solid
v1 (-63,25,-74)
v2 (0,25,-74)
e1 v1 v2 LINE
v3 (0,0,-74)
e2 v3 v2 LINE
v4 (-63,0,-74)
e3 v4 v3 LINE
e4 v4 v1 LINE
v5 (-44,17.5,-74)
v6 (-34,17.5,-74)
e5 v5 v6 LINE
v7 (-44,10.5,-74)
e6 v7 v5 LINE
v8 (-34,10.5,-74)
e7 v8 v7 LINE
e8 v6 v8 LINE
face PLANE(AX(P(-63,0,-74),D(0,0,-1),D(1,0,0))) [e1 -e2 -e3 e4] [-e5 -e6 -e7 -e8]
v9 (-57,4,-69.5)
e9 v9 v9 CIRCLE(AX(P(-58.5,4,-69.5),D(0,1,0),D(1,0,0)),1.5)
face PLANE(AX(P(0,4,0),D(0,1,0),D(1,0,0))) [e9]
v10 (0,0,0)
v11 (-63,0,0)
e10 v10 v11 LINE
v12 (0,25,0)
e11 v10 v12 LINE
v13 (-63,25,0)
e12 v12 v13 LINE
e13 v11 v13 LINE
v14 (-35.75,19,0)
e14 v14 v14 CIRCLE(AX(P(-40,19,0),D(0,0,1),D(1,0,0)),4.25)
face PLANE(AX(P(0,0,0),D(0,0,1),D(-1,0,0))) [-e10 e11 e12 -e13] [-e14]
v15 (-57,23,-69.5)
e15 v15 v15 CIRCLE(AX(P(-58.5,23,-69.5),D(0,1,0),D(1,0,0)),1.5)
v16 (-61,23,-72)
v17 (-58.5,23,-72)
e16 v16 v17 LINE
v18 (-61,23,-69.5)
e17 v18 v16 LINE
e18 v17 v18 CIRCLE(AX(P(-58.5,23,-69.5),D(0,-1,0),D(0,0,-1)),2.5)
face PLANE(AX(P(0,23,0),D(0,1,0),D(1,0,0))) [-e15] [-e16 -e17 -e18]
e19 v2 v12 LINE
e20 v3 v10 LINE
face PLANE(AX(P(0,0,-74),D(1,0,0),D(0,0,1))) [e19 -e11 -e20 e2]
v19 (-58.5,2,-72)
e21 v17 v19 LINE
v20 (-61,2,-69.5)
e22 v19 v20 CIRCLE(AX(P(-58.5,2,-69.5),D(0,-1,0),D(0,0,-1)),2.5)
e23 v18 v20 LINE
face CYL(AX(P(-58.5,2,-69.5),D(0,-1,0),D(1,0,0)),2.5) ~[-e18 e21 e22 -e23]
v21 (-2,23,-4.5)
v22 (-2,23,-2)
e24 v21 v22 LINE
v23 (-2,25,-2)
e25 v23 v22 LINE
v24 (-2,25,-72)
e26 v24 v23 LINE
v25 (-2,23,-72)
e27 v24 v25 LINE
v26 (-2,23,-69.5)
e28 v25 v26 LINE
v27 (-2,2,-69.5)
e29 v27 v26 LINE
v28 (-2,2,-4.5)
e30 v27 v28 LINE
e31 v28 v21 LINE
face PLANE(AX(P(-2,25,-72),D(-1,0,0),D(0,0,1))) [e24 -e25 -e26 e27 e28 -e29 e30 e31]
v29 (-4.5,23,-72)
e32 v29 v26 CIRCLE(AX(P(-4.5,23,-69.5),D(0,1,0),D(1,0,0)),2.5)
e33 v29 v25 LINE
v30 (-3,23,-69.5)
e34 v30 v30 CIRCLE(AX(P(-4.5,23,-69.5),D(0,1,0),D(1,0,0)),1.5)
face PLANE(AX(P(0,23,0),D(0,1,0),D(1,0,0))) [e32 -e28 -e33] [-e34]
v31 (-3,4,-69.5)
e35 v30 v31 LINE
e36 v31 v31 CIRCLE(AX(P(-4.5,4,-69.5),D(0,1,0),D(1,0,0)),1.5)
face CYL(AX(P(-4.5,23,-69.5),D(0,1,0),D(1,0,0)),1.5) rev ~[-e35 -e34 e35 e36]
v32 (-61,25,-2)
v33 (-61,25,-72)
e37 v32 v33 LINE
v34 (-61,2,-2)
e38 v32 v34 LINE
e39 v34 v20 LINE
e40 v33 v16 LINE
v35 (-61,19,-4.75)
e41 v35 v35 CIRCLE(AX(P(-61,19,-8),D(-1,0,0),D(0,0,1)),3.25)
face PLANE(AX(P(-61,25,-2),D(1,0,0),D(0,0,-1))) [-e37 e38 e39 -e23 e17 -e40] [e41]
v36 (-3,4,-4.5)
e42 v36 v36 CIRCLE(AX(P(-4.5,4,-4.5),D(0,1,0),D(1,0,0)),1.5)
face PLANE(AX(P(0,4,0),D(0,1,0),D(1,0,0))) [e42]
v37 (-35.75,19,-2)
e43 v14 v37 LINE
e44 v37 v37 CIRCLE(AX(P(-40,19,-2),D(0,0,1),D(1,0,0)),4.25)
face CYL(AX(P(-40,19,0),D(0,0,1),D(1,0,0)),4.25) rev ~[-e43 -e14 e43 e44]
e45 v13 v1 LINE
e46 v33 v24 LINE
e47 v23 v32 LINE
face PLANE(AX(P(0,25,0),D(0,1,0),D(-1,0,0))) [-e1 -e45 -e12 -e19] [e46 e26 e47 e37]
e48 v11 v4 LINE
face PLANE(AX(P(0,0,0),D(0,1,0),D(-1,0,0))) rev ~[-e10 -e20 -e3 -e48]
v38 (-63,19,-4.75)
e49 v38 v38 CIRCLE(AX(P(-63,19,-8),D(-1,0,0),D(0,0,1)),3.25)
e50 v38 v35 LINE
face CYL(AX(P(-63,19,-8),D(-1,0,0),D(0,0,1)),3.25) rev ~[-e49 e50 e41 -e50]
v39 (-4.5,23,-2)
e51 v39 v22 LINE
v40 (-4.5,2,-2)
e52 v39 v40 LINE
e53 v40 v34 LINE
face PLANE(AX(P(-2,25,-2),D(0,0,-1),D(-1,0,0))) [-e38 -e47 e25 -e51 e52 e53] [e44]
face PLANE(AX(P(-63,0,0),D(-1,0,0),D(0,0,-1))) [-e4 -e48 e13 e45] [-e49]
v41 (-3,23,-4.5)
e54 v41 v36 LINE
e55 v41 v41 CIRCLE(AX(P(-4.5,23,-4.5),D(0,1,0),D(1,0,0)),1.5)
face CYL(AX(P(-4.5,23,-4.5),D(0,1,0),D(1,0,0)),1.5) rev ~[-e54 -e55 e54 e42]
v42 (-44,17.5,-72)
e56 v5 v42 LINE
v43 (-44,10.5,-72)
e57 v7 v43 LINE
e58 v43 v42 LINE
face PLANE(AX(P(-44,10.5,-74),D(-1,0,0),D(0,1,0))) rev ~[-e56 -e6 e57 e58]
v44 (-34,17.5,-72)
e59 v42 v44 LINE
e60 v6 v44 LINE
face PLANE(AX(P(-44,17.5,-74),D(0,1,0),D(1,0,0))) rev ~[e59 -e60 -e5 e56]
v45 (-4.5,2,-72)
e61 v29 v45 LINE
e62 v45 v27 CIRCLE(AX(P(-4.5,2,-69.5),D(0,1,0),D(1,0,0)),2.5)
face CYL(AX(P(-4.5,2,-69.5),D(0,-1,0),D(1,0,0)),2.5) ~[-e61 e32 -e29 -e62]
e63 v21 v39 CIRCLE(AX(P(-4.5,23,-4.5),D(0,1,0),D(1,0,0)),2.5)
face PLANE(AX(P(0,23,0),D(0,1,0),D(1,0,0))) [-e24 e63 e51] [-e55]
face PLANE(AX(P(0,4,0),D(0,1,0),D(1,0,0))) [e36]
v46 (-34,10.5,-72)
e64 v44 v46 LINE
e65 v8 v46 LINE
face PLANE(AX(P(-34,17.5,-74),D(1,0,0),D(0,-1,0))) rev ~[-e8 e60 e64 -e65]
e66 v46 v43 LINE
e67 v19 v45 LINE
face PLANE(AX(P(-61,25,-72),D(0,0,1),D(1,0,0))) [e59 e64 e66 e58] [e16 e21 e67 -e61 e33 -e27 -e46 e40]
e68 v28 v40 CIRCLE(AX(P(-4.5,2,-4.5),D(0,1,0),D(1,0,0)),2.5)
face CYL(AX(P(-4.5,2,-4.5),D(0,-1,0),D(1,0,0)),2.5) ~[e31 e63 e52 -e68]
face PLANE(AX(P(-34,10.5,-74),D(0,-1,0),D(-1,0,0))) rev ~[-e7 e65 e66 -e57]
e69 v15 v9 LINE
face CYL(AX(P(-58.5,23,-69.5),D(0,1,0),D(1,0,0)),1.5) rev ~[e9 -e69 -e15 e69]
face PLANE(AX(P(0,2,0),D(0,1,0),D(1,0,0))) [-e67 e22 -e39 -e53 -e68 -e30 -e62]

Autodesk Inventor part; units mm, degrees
ref_plane "YZ Plane" through (0, 0, 0) normal (1, 0, 0) x (0, 1, 0)
ref_plane "XZ Plane" through (0, 0, 0) normal (0, 1, 0) x (-1, 0, 0)
ref_plane "XY Plane" through (0, 0, 0) normal (0, 0, 1) x (1, 0, 0)
sketch "Sketch1" plane through (0, 0, 0) normal (0, 1, 0) x (-1, 0, 0)
  line L0 (0, 0) -> (63, 0)
  line L1 (63, 0) -> (63, -74)
  line L2 (63, -74) -> (0, -74)
  line L3 (0, -74) -> (0, 0)
  dimension "d0" = 63
  dimension "d1" = 74
extrude "Extrusion1" add sketch "Sketch1" along normal blind 25
sketch "Sketch2" plane through (0, 25, 0) normal (0, 1, 0) x (1, 0, 0)
  line L0 (-2, 2) -> (-61, 2)
  line L1 (-61, 2) -> (-61, 72)
  line L2 (-61, 72) -> (-2, 72)
  line L3 (-2, 72) -> (-2, 2)
  line L4 (-63, 74) -> (-63, 0) projected
  line L5 (-63, 0) -> (0, 0) projected
  line L6 (0, 0) -> (0, 74) projected
  dimension "d5" = 70
  dimension "d6" = 2
  dimension "d7" = 59
  dimension "d8" = 2
extrude "Extrusion2" cut sketch "Sketch2" against normal blind 23
sketch "Sketch3" plane through (0, 0, -74) normal (0, 0, -1) x (-1, 0, 0)
  line L0 (44, 17.5) -> (34, 17.5)
  line L1 (34, 17.5) -> (34, 10.5)
  line L2 (34, 10.5) -> (44, 10.5)
  line L3 (44, 10.5) -> (44, 17.5)
  line L4 (63, 0) -> (63, 25) projected
  line L5 (0, 25) -> (63, 25) projected
  point P0 (0, 0)
  dimension "d11" = 10
  dimension "d12" = 7
  dimension "d13" = 19
  dimension "d21" = 7.5
extrude "Extrusion3" cut sketch "Sketch3" against normal up to next
sketch "Sketch4" plane through (-63, 0, -74) normal (-1, 0, 0) x (0, 0, 1)
  circle A0 centre (66, 19) radius 3.25
  line L0 (74, 0) -> (74, 25) projected
  line L1 (0, 25) -> (74, 25) projected
  dimension "d16" = 6.5
  dimension "d17" = 8
  dimension "d18" = 6
extrude "Extrusion4" cut sketch "Sketch4" against normal up to next
sketch "Sketch5" plane through (-63, 0, 0) normal (0, 0, 1) x (1, 0, 0)
  circle A0 centre (23, 19) radius 4.25
  line L0 (29, 17.5) -> (29, 10.5) projected
  line L1 (0, 25) -> (63, 25) projected
  point P0 (63, 0)
  dimension "d22" = 8.5
  dimension "d23" = 6
  dimension "d24" = 6
extrude "Extrusion5" cut sketch "Sketch5" against normal up to next
sketch "Sketch6" plane through (0, 2, 0) normal (0, 1, 0) x (1, 0, 0)
  circle A0 centre (-4.5, 4.5) radius 2.5
  line L0 (0, 0) -> (0, 74) projected
  line L1 (-63, 0) -> (0, 0) projected
  circle A1 centre (-4.5, 69.5) radius 2.5
  line L2 (0, 74) -> (-63, 74) projected
  circle A2 centre (-58.5, 69.5) radius 2.5
  line L3 (-63, 74) -> (-63, 0) projected
  dimension "d27" = 5
  dimension "d28" = 4.5
  dimension "d29" = 4.5
  dimension "d30" = 5
  dimension "d31" = 4.5
  dimension "d32" = 5
  dimension "d33" = 4.5
extrude "Extrusion6" add sketch "Sketch6" along normal blind 21 contours A0 | A1 | A2
sketch "Sketch7" plane through (0, 23, 0) normal (0, 1, 0) x (1, 0, 0)
  arc A0 (-61, 69.5) -> (-58.5, 72) centre (-58.5, 69.5) ccw projected
  arc A1 (-4.5, 72) -> (-2, 69.5) centre (-4.5, 69.5) ccw projected
  arc A2 (-4.5, 72) -> (-2, 69.5) centre (-4.5, 69.5) ccw projected
  line L0 (-58.5, 72) -> (-4.5, 72) projected
  arc A3 (-61, 69.5) -> (-58.5, 72) centre (-58.5, 69.5) ccw projected
  line L1 (-61, 2) -> (-61, 69.5) projected
  line L2 (-4.5, 2) -> (-61, 2) projected
  arc A4 (-2, 4.5) -> (-4.5, 2) centre (-4.5, 4.5) ccw projected
  line L3 (-2, 69.5) -> (-2, 4.5) projected
  circle A5 centre (-4.5, 69.5) radius 1.5
  circle A6 centre (-58.5, 69.5) radius 1.5
  circle A7 centre (-4.5, 4.5) radius 1.5
  point P0 (0, 0)
  dimension "d36" = 3
  dimension "d37" = 3
  dimension "d38" = 3
extrude "Extrusion7" cut sketch "Sketch7" against normal blind 19 contours A5 | A6 | A7
sketch "Sketch8" plane through (0, 2, 0) normal (0, 1, 0) x (1, 0, 0)
  arc A0 (-4.5, 2) -> (-2, 4.5) centre (-4.5, 4.5) ccw projected
  line L0 (-4.5, 2) -> (-2, 2)
  line L1 (-2, 2) -> (-2, 4.5)
  line L2 (-2, 4.5) -> (-2, 4.1991)
  arc A1 (-4.5, 2) -> (-2, 4.5) centre (-4.5, 4.5) ccw
  arc A2 (-4.5, 72) -> (-2, 69.5) centre (-4.5, 69.5) ccw projected
  line L3 (-4.5, 72) -> (-2, 72)
  arc A3 (-2, 69.5) -> (-4.5, 72) centre (-4.5, 69.5) ccw projected
  line L4 (-2, 72) -> (-2, 69.5)
  arc A4 (-2, 69.5) -> (-4.5, 72) centre (-4.5, 69.5) ccw
  arc A5 (-58.5, 72) -> (-61, 69.5) centre (-58.5, 69.5) ccw projected
  arc A6 (-58.5, 72) -> (-61, 69.5) centre (-58.5, 69.5) ccw
  line L5 (-61, 69.5) -> (-61, 72)
  line L6 (-61, 72) -> (-58.5, 72)
  point P0 (0, 0)
extrude "Extrusion8" add sketch "Sketch8" along normal blind 21 contours A0 L1 L0 | L3 L4 A3 | A5 L5 L6
sketch "Sketch9" plane through (0, 25, 0) normal (0, 1, 0) x (1, 0, 0)
  point P0 (0, 0)
properties part number "bottom"
